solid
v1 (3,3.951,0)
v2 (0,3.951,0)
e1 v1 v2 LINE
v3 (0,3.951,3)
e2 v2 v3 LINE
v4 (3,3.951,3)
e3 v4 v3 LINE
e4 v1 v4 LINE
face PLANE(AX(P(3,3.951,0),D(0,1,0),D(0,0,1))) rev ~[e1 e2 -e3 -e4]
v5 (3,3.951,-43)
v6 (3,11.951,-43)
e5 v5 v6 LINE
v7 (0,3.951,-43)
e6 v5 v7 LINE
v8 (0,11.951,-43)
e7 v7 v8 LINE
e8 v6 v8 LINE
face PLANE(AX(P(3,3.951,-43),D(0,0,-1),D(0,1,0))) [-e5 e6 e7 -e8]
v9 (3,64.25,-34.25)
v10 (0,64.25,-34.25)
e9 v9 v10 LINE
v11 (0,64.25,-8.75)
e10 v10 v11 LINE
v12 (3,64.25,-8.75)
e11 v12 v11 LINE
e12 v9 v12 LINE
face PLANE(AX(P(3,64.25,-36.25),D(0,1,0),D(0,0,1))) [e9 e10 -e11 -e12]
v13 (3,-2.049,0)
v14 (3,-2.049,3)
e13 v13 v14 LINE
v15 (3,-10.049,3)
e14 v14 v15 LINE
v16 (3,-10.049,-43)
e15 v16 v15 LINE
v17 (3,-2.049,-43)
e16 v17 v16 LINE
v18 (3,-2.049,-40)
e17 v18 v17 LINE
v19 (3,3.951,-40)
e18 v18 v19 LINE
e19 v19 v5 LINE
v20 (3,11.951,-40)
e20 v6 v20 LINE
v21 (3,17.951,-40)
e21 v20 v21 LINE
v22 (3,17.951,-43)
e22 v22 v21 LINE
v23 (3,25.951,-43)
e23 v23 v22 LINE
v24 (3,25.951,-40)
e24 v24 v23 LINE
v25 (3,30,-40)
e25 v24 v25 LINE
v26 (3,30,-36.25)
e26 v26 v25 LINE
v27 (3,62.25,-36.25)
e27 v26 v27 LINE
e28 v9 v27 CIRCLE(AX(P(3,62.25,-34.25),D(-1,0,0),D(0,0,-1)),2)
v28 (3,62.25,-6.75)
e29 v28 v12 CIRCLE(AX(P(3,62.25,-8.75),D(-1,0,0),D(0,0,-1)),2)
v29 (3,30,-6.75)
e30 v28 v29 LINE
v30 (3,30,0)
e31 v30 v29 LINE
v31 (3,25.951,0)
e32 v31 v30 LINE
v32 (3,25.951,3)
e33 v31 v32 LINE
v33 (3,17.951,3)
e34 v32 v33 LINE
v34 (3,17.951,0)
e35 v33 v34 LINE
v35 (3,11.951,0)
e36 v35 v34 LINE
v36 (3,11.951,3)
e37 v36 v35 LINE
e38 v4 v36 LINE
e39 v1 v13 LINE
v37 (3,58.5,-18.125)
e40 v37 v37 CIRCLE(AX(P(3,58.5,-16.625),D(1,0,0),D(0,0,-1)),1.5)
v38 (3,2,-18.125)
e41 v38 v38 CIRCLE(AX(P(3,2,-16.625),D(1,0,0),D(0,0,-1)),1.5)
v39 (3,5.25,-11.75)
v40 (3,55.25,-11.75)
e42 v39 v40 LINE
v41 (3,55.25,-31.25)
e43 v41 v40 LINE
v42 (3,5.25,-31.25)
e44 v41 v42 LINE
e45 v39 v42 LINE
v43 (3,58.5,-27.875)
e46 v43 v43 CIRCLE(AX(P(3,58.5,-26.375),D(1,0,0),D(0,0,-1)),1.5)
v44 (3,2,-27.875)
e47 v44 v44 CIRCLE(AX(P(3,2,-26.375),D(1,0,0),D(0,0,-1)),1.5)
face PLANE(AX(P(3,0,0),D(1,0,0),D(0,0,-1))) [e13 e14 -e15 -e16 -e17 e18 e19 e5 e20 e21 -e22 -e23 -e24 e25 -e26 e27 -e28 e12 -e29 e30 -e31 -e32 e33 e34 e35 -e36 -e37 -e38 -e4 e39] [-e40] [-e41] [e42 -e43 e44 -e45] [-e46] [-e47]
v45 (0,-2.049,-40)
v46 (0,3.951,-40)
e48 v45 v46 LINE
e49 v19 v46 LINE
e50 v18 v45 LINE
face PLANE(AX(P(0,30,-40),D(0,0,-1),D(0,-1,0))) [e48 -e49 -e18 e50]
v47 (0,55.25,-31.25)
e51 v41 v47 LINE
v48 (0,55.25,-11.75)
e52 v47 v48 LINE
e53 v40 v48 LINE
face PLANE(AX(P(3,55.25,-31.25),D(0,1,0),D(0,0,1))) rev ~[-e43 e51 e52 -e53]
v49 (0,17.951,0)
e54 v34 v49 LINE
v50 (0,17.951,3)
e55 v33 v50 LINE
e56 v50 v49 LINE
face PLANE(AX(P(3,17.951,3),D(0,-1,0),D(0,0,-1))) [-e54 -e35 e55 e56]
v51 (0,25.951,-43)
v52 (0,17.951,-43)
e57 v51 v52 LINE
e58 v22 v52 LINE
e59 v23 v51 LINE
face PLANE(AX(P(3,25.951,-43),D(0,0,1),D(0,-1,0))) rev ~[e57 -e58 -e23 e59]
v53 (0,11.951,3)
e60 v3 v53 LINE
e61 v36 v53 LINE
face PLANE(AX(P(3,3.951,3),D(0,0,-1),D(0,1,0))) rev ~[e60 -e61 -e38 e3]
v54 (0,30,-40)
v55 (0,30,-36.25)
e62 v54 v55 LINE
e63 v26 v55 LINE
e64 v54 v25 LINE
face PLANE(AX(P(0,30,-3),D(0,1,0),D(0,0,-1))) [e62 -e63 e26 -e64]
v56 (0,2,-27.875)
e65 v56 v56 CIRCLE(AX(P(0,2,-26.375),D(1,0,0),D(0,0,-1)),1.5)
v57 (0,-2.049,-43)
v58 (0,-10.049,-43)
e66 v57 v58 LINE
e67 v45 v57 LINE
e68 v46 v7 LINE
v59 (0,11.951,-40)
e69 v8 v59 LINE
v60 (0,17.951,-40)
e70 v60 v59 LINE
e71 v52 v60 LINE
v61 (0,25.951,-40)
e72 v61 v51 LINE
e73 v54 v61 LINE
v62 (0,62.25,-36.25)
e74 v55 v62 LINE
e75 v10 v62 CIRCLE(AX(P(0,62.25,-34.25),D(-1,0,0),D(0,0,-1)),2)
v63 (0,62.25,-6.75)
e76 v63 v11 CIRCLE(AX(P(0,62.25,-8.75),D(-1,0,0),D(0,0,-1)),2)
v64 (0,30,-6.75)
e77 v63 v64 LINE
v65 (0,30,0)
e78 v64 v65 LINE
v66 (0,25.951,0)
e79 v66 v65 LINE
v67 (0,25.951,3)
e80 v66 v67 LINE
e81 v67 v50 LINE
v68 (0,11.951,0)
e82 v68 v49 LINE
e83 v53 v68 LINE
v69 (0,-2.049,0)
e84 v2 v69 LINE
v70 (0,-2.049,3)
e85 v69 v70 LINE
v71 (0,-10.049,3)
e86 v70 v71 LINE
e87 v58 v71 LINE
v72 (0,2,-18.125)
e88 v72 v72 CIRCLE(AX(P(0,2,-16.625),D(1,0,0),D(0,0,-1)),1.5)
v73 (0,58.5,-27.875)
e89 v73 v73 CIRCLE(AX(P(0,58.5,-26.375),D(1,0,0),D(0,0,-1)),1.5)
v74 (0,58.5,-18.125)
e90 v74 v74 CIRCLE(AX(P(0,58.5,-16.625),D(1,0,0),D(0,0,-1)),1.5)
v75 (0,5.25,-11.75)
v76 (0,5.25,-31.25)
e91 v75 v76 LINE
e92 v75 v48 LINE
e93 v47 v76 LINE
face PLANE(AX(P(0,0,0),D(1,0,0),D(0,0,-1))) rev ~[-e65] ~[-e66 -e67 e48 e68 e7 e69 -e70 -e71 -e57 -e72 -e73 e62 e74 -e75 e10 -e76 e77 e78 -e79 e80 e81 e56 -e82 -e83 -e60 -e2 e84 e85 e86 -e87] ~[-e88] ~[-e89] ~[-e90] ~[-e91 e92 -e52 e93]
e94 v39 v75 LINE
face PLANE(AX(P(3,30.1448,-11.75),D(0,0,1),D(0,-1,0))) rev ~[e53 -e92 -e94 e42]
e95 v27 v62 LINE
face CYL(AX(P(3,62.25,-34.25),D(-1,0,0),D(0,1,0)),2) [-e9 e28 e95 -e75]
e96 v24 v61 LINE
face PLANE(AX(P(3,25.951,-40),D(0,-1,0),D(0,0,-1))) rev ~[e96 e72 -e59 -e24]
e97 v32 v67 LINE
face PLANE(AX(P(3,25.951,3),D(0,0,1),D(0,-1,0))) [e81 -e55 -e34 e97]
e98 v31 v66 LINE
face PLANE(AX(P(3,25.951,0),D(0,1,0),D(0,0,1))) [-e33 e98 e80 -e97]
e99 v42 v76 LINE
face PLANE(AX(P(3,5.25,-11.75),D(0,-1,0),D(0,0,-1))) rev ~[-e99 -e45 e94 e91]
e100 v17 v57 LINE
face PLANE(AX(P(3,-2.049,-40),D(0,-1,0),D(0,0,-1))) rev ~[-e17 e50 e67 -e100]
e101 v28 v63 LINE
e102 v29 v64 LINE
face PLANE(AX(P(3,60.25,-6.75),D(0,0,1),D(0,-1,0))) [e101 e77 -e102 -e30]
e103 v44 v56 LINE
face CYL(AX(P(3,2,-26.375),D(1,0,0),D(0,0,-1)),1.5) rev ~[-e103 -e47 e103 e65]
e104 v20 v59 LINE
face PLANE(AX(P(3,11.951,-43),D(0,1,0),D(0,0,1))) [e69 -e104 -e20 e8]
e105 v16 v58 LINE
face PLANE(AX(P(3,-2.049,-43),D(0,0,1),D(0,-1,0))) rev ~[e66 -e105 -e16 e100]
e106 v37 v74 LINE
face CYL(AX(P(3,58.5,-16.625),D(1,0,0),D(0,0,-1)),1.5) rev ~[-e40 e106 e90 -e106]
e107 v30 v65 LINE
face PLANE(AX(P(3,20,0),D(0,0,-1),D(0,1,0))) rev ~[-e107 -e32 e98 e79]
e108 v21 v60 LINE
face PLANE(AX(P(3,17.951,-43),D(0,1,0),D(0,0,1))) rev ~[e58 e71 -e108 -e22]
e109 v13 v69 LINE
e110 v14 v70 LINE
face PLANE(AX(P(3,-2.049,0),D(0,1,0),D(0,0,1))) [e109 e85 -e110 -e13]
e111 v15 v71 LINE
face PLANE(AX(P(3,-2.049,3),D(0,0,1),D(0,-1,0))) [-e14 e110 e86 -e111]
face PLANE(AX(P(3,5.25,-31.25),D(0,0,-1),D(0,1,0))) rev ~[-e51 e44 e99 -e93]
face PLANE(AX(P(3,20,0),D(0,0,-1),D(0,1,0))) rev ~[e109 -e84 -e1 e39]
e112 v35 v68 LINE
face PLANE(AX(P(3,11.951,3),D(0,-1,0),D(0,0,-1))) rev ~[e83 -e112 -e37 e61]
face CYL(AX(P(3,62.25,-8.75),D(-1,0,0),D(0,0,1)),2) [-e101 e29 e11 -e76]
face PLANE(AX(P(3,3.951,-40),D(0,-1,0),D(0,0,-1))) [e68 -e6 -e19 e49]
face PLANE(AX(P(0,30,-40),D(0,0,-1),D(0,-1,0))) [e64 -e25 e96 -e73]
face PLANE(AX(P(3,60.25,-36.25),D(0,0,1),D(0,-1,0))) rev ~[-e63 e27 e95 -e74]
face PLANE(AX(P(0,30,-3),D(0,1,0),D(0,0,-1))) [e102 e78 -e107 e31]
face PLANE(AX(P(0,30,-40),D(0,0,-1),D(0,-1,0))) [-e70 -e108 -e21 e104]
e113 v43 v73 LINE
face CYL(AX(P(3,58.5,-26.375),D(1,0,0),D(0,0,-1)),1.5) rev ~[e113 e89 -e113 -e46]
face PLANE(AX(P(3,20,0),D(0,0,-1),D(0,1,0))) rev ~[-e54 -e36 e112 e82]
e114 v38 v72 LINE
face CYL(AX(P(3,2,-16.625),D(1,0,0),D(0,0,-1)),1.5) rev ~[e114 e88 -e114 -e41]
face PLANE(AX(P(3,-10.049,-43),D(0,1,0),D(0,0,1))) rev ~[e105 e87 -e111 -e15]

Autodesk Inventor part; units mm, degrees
ref_plane "YZ Plane" through (0, 0, 0) normal (1, 0, 0) x (0, 1, 0)
ref_plane "XZ Plane" through (0, 0, 0) normal (0, 1, 0) x (-1, 0, 0)
ref_plane "XY Plane" through (0, 0, 0) normal (0, 0, 1) x (1, 0, 0)
sketch "Boceto1" plane through (0, 0, 0) normal (1, 0, 0) x (0, 1, 0)
  line L0 (0, 0) -> (0, -3)
  line L1 (0, -3) -> (10, -3)
  line L2 (10, -3) -> (10, 0)
  line L3 (10, 0) -> (20, 0)
  line L4 (20, 0) -> (20, -3)
  line L5 (20, -3) -> (30, -3)
  line L6 (30, -33.4269) -> (30, -40)
  line L7 (30, -40) -> (20, -40)
  line L8 (20, -40) -> (20, -43)
  line L9 (20, -43) -> (10, -43)
  line L10 (10, -43) -> (10, -40)
  line L11 (10, -40) -> (0, -40)
  circle A0 centre (15, -21.5) radius 13.175
  arc A1 (0, -9.5731) -> (0, -33.4269) centre (15, -21.5) ccw
  arc A2 (30, -33.4269) -> (30, -9.5731) centre (15, -21.5) ccw
  line L12 (0, -40) -> (0, -33.4269)
  line L13 (0, -9.5731) -> (0, -3)
  line L14 (30, -3) -> (30, -9.5731)
  dimension "d1" = 10
  dimension "d2" = 10
  dimension "d3" = 10
extrude "Extrusión1" add sketch "Boceto1" along normal blind 3
sketch "Boceto2" plane through (3, 0, 0) normal (1, 0, 0) x (0, 0, -1)
  line L0 (3, 10) -> (3, 0) projected
  line L1 (3, 0) -> (0, 0)
  line L2 (0, 20) -> (0, 10) projected
  line L3 (0, 0) -> (0, 10)
  line L4 (0, 10) -> (-3, 10)
  line L5 (-3, 10) -> (-3, 20)
  line L6 (-3, 20) -> (0, 20)
  line L7 (0, 20) -> (0, 30)
  line L8 (3, 30) -> (3, 20) projected
  line L9 (0, 30) -> (3, 30)
  line L10 (3, 30) -> (3, 20)
  line L11 (3, 20) -> (0, 20) projected
  line L12 (3, 20) -> (0, 20)
  line L13 (0, 20) -> (0, 10)
  line L14 (0, 10) -> (3, 10)
  line L15 (3, 0) -> (3, 10)
  dimension "d11" = 3
extrude "Extrusión2" add sketch "Boceto2" against normal blind 3
sketch "Boceto3" plane through (3, 0, 0) normal (1, 0, 0) x (0, 0, -1)
  line L0 (0, 30) -> (9.5731, 30) projected
  line L1 (0, 30) -> (9.5731, 30)
  line L2 (40, 30) -> (33.4269, 30) projected
  line L3 (9.5731, 30) -> (40, 30)
  line L4 (40, 10) -> (40, 0) projected
  line L5 (40, 30) -> (40, 0)
  line L6 (9.5731, 0) -> (0, 0) projected
  line L7 (40, 0) -> (0, 0)
  line L8 (0, 30) -> (0, 20) projected
  line L9 (0, 0) -> (0, 30)
  circle A0 centre (21.5, 15) radius 26.2155
extrude "Extrusión3" cut sketch "Boceto3" against normal blind 10 contours A0 L6 L7 L4 L5 L2 L3 L0 | L8 L9 A0
sketch "Boceto4" plane through (3, 0, 0) normal (1, 0, 0) x (0, 0, -1)
  circle A0 centre (21.5, 15) radius 13.175 projected
  circle A1 centre (21.5, 15) radius 13.175
  circle A2 centre (21.5, 15) radius 3
  point P0 (0, 0)
extrude "Extrusión4" add sketch "Boceto4" against normal blind 3
sketch "Boceto5" plane through (3, 0, 0) normal (1, 0, 0) x (0, 0, -1)
  line L0 (0, 25.951) -> (-3, 25.951)
  line L1 (-3, 25.951) -> (-3, 17.951)
  line L2 (-3, 17.951) -> (0, 17.951)
  line L3 (0, 25.951) -> (0, 17.951)
  line L4 (-3, 11.951) -> (0, 11.951)
  line L5 (0, 11.951) -> (0, 3.951)
  line L6 (0, 3.951) -> (-3, 3.951)
  line L7 (-3, 3.951) -> (-3, 11.951)
  line L8 (40, 0) -> (0, 0) projected
  line L9 (0, 0) -> (40, 0)
  line L10 (40, 25.951) -> (43, 25.951)
  line L11 (43, 25.951) -> (43, 17.951)
  line L12 (43, 17.951) -> (40, 17.951)
  line L13 (40, 25.951) -> (40, 17.951)
  line L14 (43, 11.951) -> (40, 11.951)
  line L15 (40, 11.951) -> (40, 3.951)
  line L16 (40, 3.951) -> (43, 3.951)
  line L17 (43, 3.951) -> (43, 11.951)
extrude "Extrusión5" add sketch "Boceto5" against normal blind 3
sketch "Boceto6" plane through (3, 0, 0) normal (1, 0, 0) x (0, 0, -1)
  line L0 (31.25, 30) -> (31.25, 55.25)
  line L1 (31.25, 55.25) -> (11.75, 55.25)
  line L2 (11.75, 55.25) -> (11.75, 30)
  line L3 (11.75, 60.25) -> (6.75, 60.25)
  line L4 (31.25, 60.25) -> (36.25, 60.25)
  line L5 (36.25, 60.25) -> (36.25, 30)
  line L6 (31.25, 30) -> (36.25, 30)
  line L7 (31.25, 60.25) -> (11.75, 60.25)
  line L8 (6.75, 60.25) -> (6.75, 30)
  line L9 (6.75, 30) -> (11.75, 30)
  point P0 (0, 0)
  point P1 (21.5, 15)
extrude "Extrusión6" add sketch "Boceto6" against normal blind 3
sketch "Boceto7" plane through (3, 0, 0) normal (1, 0, 0) x (0, 0, -1)
  line L0 (11.75, 30.1448) -> (11.75, 5.25)
  line L1 (11.75, 5.25) -> (31.25, 5.25)
  line L2 (31.25, 5.25) -> (31.25, 30.1448)
  line L3 (31.25, 30.1448) -> (11.75, 30.1448)
  point P0 (0, 0)
  point P1 (21.5, 15)
extrude "Extrusión7" cut sketch "Boceto7" against normal blind 3
sketch "Boceto8" plane through (3, 0, 0) normal (1, 0, 0) x (0, 0, -1)
  line L0 (0, -2.049) -> (-3, -2.049)
  line L1 (-3, -2.049) -> (-3, -10.049)
  line L2 (40, 0) -> (40, -2.049)
  line L3 (40, -2.049) -> (43, -2.049)
  line L4 (43, -2.049) -> (43, -10.049)
  line L5 (43, -10.049) -> (-3, -10.049)
  line L6 (0, 0) -> (0, -2.049)
  line L7 (6.75, 60.25) -> (6.75, 64.25)
  line L8 (36.25, 60.25) -> (36.25, 64.25)
  line L9 (36.25, 64.25) -> (6.75, 64.25)
  line L10 (6.75, 60.25) -> (36.25, 60.25) projected
  line L11 (6.75, 60.25) -> (36.25, 60.25)
  line L12 (40, 0) -> (0, 0) projected
  line L13 (0, 0) -> (40, 0)
  point P0 (0, 3.951)
  dimension "d50" = 4
extrude "Extrusión8" add sketch "Boceto8" against normal blind 3
sketch "Boceto9" plane through (3, 0, 0) normal (1, 0, 0) x (0, 0, -1)
  circle A0 centre (26.375, 58.5) radius 1.5
  circle A1 centre (16.625, 58.5) radius 1.5
  circle A2 centre (26.375, 2) radius 1.5
  circle A3 centre (16.625, 2) radius 1.5
  point P0 (0, 0)
extrude "Extrusión9" cut sketch "Boceto9" against normal blind 3
fillet "Empalme1" radius 2 2 edges at (1.5, 64.25, -6.75) (1.5, 64.25, -36.25)
properties part number "cod"
